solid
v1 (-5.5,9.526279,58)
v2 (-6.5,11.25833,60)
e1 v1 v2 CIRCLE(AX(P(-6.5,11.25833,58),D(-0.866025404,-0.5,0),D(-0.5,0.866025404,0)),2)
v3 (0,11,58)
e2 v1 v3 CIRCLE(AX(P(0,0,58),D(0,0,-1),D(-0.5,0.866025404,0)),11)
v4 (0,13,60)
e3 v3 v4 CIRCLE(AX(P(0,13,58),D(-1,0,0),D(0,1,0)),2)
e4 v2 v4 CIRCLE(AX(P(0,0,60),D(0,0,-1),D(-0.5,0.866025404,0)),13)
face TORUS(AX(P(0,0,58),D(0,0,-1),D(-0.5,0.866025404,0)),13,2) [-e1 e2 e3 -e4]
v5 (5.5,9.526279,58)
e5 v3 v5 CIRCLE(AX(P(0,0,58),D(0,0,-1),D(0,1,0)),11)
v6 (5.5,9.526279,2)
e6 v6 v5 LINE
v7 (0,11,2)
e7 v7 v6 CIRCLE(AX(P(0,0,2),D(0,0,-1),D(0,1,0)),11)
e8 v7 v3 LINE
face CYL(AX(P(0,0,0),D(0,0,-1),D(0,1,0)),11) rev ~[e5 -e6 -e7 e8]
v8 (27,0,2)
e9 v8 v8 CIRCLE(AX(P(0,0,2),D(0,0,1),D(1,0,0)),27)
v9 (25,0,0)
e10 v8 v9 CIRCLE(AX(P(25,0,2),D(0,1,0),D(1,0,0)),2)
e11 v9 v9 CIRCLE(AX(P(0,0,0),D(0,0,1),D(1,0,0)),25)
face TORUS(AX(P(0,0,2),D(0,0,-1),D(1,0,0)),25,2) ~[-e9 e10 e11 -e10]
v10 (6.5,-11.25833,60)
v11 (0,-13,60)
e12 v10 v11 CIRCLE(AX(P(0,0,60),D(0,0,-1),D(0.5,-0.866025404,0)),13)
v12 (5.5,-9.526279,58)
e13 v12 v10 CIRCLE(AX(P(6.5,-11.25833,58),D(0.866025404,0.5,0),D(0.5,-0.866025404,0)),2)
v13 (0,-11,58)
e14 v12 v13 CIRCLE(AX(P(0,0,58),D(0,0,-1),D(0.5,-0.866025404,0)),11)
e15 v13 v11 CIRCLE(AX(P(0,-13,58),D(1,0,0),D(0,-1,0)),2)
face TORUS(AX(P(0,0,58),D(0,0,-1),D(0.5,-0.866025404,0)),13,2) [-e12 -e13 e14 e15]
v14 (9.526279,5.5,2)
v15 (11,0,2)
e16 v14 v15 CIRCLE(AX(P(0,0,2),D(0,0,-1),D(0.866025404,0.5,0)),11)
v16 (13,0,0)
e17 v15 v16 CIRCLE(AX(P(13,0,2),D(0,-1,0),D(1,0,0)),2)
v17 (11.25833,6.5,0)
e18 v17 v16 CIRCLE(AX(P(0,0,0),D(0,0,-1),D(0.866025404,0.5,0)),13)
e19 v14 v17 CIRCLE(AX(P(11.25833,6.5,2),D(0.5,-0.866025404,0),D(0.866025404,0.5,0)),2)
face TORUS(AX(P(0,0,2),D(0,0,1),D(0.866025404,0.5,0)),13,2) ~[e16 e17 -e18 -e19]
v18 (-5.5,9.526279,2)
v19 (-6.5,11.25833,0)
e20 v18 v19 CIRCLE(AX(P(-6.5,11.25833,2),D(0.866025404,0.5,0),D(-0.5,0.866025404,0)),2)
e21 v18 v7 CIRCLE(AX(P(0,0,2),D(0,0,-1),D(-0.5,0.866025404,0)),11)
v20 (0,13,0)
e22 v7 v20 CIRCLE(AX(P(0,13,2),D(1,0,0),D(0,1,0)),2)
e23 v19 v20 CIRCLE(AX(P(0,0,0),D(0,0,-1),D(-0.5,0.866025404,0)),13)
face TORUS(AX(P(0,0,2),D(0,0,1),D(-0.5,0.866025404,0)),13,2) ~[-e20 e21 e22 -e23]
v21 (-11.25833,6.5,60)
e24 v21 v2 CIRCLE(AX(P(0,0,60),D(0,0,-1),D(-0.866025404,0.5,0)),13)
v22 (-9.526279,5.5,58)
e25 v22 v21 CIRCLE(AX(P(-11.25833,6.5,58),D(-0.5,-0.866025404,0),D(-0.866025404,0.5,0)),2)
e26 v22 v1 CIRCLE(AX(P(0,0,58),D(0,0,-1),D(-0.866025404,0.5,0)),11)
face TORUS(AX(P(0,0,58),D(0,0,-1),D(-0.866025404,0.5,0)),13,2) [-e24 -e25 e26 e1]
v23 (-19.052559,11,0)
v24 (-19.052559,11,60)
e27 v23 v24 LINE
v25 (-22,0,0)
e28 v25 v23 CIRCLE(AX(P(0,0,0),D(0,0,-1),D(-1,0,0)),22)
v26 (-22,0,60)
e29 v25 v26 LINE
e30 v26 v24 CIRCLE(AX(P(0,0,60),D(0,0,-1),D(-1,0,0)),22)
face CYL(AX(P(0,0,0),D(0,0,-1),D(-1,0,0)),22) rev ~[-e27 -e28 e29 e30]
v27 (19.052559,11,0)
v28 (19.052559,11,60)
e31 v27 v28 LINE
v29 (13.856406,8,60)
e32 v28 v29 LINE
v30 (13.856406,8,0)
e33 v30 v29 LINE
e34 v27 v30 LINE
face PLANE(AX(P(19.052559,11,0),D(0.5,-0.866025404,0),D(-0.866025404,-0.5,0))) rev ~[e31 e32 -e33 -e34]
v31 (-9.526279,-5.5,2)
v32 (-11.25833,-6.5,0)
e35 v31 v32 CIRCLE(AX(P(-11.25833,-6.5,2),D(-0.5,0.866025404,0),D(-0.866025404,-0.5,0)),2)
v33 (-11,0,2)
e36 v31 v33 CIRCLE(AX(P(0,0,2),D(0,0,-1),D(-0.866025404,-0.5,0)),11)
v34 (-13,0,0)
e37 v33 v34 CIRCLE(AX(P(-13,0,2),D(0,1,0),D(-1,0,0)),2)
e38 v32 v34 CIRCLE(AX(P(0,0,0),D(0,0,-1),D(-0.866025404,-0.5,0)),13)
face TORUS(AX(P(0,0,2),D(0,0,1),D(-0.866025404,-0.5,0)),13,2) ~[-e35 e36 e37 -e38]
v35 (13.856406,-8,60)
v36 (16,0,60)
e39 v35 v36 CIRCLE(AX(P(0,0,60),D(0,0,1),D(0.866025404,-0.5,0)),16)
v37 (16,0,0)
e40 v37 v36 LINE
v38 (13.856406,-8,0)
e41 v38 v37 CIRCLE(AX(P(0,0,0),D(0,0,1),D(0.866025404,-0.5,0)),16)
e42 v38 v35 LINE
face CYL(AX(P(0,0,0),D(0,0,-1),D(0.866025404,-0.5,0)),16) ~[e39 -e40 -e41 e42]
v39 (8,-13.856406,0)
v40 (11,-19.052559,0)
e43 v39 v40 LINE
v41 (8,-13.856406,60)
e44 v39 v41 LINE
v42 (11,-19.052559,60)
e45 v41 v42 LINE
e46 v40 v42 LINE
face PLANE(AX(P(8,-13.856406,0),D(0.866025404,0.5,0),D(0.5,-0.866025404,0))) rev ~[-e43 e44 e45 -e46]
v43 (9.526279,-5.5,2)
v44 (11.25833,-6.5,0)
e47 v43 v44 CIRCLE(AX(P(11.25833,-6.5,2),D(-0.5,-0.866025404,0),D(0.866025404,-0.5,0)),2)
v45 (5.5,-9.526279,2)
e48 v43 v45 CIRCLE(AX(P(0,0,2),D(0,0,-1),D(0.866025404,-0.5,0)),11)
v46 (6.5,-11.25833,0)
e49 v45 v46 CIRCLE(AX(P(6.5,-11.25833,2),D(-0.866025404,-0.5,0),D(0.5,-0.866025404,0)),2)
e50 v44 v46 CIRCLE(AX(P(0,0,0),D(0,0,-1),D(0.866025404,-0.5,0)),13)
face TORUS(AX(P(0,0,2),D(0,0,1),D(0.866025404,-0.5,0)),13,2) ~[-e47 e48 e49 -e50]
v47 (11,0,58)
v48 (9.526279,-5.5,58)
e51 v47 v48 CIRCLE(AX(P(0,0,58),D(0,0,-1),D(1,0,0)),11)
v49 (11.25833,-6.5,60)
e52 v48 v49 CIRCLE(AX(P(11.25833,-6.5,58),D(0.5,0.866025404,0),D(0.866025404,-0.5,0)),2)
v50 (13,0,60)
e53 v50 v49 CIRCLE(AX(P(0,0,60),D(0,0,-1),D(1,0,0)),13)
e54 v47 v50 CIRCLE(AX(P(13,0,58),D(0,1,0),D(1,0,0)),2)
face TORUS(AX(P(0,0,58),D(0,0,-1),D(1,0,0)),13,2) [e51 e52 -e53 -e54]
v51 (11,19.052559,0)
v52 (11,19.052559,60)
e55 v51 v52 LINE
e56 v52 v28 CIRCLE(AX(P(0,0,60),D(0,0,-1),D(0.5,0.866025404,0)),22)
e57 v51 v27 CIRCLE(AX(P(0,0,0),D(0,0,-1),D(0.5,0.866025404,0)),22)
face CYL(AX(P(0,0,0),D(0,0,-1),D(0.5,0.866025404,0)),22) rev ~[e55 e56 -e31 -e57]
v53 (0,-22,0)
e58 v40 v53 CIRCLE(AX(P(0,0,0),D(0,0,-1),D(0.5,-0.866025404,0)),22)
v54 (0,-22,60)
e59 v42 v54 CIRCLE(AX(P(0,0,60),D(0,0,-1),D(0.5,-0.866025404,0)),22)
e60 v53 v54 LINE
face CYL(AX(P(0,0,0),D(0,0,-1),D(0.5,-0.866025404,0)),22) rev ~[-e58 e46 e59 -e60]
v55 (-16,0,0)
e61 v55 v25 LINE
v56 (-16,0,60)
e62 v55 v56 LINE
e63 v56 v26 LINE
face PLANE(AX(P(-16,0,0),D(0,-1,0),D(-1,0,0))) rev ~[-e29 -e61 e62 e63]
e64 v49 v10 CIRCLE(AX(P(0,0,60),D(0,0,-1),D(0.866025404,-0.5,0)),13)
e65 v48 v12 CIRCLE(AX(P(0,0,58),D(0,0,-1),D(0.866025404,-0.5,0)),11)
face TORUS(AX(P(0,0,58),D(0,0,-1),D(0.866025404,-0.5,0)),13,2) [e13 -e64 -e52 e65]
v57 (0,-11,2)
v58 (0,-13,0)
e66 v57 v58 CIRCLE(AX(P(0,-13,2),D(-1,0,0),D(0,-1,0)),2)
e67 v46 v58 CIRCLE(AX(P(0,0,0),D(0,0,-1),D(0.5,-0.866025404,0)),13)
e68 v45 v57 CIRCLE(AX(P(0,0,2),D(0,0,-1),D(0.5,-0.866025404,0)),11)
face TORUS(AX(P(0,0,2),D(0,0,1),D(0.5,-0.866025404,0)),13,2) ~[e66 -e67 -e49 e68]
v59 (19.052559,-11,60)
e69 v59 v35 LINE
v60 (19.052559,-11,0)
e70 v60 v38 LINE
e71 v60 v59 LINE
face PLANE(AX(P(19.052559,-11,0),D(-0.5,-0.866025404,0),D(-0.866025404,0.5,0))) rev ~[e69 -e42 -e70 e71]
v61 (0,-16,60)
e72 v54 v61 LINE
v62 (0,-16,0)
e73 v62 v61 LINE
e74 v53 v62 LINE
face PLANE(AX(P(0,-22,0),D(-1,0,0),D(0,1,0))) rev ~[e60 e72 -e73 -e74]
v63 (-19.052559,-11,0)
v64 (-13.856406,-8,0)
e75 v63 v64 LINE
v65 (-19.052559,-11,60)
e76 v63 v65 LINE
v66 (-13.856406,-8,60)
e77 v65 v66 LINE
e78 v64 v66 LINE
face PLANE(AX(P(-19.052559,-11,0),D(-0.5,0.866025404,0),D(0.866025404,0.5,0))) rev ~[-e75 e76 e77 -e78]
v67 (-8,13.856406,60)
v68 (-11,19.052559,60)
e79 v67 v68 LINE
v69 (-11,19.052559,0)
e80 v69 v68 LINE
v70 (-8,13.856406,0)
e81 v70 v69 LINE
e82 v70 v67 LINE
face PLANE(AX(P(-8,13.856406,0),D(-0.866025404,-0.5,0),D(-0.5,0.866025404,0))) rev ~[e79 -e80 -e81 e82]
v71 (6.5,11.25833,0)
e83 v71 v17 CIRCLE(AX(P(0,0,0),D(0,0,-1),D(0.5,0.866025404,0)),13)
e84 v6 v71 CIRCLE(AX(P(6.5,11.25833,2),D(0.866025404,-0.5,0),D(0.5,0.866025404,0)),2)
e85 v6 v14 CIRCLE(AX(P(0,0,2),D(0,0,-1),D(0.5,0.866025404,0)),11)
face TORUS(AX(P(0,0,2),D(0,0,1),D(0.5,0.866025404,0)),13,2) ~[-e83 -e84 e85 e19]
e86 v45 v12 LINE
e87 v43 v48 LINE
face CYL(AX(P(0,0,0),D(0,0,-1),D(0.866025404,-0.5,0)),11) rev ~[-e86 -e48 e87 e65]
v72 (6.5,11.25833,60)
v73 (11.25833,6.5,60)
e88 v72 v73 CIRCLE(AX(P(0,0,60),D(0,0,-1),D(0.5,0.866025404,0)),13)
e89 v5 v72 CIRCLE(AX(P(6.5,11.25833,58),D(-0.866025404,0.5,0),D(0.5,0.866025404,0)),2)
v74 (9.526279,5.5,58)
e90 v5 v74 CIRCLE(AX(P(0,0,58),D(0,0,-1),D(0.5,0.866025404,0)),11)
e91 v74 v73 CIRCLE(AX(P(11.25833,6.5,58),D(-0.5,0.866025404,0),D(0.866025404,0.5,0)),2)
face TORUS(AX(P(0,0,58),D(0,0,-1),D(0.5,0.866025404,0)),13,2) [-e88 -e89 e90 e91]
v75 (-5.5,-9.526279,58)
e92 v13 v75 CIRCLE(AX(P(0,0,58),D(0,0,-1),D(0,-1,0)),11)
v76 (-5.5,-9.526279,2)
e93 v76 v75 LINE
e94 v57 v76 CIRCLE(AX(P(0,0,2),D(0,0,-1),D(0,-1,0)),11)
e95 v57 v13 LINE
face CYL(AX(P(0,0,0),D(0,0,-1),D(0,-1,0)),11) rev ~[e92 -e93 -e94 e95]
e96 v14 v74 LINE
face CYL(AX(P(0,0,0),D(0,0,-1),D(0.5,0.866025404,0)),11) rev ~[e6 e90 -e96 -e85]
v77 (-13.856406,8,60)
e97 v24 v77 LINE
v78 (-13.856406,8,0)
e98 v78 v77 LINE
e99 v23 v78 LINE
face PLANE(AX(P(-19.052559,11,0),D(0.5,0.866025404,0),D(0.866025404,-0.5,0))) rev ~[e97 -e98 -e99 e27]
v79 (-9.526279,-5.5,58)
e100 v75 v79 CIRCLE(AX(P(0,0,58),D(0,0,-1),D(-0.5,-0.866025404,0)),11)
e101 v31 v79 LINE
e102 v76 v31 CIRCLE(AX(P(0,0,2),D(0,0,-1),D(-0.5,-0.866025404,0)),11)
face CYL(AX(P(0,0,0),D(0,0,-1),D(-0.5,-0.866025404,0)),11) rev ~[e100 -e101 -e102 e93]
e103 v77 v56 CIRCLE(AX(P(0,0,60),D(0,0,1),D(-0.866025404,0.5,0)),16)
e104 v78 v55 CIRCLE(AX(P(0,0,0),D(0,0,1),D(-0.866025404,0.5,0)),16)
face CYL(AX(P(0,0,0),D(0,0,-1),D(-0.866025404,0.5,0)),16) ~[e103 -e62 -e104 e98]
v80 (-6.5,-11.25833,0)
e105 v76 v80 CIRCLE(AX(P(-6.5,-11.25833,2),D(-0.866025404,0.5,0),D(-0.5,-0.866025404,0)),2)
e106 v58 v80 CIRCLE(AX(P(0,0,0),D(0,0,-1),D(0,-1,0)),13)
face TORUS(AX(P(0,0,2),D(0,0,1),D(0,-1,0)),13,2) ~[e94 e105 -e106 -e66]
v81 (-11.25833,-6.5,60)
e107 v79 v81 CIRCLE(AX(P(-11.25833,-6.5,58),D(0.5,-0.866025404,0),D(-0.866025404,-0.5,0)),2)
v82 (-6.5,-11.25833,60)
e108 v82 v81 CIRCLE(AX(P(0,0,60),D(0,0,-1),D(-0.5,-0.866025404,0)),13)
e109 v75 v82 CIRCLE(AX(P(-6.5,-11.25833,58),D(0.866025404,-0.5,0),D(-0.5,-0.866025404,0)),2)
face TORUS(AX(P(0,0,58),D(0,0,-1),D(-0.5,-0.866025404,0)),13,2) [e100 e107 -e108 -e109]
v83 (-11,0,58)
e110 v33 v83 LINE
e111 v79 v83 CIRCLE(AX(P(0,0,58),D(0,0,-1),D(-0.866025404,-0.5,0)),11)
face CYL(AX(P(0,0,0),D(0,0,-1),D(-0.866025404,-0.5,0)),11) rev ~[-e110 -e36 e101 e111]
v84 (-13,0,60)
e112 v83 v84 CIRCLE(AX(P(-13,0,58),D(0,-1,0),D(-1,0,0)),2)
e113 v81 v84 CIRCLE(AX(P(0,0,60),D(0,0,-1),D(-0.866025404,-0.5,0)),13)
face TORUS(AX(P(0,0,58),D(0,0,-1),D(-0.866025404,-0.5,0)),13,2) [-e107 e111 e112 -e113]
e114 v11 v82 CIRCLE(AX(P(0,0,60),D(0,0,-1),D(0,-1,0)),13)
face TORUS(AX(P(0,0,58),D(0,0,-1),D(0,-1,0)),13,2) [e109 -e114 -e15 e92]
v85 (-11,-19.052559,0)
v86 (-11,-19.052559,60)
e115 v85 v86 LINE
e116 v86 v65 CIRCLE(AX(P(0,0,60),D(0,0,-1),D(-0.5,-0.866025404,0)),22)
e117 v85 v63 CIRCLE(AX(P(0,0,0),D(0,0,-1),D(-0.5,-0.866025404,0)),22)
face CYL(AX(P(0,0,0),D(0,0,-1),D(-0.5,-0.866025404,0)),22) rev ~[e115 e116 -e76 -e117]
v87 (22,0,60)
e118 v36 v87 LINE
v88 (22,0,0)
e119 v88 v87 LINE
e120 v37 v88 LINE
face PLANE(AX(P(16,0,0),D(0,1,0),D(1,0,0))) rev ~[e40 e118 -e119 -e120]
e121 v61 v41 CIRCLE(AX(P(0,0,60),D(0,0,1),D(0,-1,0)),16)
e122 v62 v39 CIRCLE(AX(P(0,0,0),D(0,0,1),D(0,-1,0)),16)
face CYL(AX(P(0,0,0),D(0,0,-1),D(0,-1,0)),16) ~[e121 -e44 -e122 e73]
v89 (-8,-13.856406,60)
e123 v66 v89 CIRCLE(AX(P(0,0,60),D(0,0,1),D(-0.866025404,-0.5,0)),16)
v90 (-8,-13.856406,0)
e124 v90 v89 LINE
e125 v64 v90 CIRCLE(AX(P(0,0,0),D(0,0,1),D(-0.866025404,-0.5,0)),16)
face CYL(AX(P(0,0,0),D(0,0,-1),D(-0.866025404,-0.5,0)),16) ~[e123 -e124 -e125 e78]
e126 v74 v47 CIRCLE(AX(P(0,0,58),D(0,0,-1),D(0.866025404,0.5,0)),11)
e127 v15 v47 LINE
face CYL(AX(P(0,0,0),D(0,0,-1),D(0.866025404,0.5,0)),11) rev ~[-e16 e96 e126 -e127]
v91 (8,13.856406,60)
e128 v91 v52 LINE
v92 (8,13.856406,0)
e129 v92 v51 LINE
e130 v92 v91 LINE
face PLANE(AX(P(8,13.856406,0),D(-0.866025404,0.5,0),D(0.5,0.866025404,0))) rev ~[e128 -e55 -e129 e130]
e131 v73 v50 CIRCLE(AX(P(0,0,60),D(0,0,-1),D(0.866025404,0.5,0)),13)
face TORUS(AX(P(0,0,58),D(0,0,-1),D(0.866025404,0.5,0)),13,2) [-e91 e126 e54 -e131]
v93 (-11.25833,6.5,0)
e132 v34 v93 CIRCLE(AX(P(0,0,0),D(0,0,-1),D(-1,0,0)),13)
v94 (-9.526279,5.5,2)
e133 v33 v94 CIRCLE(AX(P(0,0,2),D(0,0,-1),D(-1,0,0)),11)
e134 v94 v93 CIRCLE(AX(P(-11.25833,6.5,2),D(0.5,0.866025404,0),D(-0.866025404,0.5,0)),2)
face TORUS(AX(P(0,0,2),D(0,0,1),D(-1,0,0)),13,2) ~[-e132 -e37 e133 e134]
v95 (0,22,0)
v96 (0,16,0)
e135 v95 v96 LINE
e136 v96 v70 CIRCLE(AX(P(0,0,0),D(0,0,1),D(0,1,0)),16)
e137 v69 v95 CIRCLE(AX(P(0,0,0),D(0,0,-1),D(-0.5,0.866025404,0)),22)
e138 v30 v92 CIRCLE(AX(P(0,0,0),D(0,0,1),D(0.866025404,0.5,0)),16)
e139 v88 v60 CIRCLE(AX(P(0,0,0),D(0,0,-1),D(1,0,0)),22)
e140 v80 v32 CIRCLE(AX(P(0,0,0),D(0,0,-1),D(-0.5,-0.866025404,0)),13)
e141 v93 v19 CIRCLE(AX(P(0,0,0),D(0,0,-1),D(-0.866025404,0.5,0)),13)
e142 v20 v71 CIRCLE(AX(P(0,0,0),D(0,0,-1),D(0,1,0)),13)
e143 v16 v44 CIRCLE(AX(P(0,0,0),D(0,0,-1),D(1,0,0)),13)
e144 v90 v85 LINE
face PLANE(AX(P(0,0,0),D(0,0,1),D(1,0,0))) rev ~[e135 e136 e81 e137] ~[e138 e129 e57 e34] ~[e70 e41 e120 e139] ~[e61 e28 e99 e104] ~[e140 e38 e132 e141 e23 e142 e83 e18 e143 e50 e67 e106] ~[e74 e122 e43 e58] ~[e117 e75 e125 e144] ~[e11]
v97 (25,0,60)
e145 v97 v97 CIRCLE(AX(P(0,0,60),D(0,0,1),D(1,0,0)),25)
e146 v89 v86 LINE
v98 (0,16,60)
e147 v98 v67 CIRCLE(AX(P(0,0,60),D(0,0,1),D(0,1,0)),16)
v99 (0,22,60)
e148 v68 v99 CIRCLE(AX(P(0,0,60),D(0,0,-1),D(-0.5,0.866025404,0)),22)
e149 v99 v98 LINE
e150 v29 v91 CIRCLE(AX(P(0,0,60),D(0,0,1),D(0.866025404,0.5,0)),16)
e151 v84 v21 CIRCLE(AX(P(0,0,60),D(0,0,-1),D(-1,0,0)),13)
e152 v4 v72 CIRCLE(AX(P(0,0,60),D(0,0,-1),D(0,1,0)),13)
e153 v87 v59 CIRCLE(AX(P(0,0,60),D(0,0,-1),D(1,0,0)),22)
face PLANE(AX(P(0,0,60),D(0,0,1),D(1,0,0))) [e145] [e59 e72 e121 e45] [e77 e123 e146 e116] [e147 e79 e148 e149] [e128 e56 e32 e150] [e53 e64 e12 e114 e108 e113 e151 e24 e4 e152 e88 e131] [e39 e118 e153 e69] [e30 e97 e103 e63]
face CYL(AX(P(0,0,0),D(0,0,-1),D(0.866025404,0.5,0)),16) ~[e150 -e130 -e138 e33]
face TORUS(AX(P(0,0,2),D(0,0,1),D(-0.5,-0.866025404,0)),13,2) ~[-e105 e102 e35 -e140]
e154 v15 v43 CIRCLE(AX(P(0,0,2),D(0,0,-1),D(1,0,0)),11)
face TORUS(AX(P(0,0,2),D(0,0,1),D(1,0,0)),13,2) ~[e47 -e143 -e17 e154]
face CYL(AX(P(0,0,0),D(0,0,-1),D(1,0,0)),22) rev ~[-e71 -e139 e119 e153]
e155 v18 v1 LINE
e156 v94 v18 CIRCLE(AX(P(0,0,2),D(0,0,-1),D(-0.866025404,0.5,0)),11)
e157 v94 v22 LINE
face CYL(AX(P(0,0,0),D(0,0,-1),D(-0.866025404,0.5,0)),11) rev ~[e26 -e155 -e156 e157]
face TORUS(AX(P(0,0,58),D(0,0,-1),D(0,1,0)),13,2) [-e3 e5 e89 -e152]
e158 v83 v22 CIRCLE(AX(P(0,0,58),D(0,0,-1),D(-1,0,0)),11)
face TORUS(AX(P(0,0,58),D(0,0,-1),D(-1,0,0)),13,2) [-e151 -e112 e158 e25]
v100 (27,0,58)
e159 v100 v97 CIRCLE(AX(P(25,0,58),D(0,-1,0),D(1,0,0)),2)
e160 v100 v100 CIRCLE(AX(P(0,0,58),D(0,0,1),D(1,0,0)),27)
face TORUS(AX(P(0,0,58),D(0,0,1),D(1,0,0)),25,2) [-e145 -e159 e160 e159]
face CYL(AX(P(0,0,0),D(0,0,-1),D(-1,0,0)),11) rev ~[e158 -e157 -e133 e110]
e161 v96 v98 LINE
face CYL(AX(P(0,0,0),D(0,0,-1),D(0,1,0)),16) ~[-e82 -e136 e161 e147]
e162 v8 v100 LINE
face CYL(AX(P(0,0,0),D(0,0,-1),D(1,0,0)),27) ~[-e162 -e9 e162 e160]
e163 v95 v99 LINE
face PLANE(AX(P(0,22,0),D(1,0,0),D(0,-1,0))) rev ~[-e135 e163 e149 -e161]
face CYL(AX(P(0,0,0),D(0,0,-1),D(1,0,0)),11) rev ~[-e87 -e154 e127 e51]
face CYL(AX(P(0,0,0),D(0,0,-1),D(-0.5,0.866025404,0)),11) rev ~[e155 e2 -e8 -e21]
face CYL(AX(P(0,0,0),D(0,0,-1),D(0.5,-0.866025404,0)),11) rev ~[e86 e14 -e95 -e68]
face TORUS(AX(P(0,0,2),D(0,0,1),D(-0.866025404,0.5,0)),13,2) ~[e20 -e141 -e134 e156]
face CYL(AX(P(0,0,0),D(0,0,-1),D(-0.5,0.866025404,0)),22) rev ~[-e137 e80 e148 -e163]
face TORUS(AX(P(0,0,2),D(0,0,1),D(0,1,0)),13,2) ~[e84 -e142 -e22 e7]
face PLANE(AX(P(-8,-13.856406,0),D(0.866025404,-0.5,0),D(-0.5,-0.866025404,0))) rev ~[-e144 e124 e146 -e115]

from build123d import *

# Parameters (mm, degrees)
F0_R     = 27
F1_DEPTH = 60
F2_R     = 2


with BuildPart() as f1:
    # F0 (on Top) → F1 (new body)
    with BuildSketch(Plane.XY):
        Circle(F0_R)
        with BuildLine():
            Line((-19.05255878, -10.9999999404), (-13.8564064606, -8))
            ThreePointArc((-13.8564064606, -8), (-11.313708499, -11.313708499), (-8, -13.8564064606))
            Line((-8, -13.8564064606), (-10.9999999404, -19.05255878))
            ThreePointArc((-10.9999999404, -19.05255878), (-15.5563491018, -15.5563491018), (-19.05255878, -10.9999999404))
        make_face(mode=Mode.SUBTRACT)
        with BuildLine():
            Line((0, -21.9999998808), (0, -16))
            ThreePointArc((0, -16), (4.1411047216, -15.4548132206), (8, -13.8564064606))
            Line((8, -13.8564064606), (10.9999999404, -19.05255878))
            ThreePointArc((10.9999999404, -19.05255878), (5.6940189614, -21.2503680632), (0, -21.9999998808))
        make_face(mode=Mode.SUBTRACT)
        with BuildLine():
            Line((16, 0), (21.9999998808, 0))
            ThreePointArc((21.9999998808, 0), (21.2503680632, -5.6940189614), (19.05255878, -10.9999999404))
            Line((19.05255878, -10.9999999404), (13.8564064606, -8))
            ThreePointArc((13.8564064606, -8), (15.4548132206, -4.1411047216), (16, 0))
        make_face(mode=Mode.SUBTRACT)
        with BuildLine():
            Line((-19.05255878, 10.9999999404), (-13.8564064606, 8))
            ThreePointArc((-13.8564064606, 8), (-15.4548132206, 4.1411047216), (-16, 0))
            Line((-16, 0), (-21.9999998808, 0))
            ThreePointArc((-21.9999998808, 0), (-21.2503680632, 5.6940189614), (-19.05255878, 10.9999999404))
        make_face(mode=Mode.SUBTRACT)
        with BuildLine():
            Line((0, 21.9999998808), (0, 16))
            ThreePointArc((0, 16), (-4.1411047216, 15.4548132206), (-8, 13.8564064606))
            Line((-8, 13.8564064606), (-10.9999999404, 19.05255878))
            ThreePointArc((-10.9999999404, 19.05255878), (-5.6940189614, 21.2503680632), (0, 21.9999998808))
        make_face(mode=Mode.SUBTRACT)
        with BuildLine():
            ThreePointArc((9.5262794416, 5.5), (10.6251840892, 2.8470094961), (11, 0))
            ThreePointArc((11, 0), (10.6251840892, -2.8470094961), (9.5262794416, -5.5))
            ThreePointArc((9.5262794416, -5.5), (7.7781745931, -7.7781745931), (5.5, -9.5262794416))
            ThreePointArc((5.5, -9.5262794416), (2.8470094961, -10.6251840892), (0, -11))
            ThreePointArc((0, -11), (-2.8470094961, -10.6251840892), (-5.5, -9.5262794416))
            ThreePointArc((-5.5, -9.5262794416), (-7.7781745931, -7.7781745931), (-9.5262794416, -5.5))
            ThreePointArc((-9.5262794416, -5.5), (-10.6251840892, -2.8470094961), (-11, 0))
            ThreePointArc((-11, 0), (-10.6251840892, 2.8470094961), (-9.5262794416, 5.5))
            ThreePointArc((-9.5262794416, 5.5), (-7.7781745931, 7.7781745931), (-5.5, 9.5262794416))
            ThreePointArc((-5.5, 9.5262794416), (-2.8470094961, 10.6251840892), (0, 11))
            ThreePointArc((0, 11), (2.8470094961, 10.6251840892), (5.5, 9.5262794416))
            ThreePointArc((5.5, 9.5262794416), (7.7781745931, 7.7781745931), (9.5262794416, 5.5))
        make_face(mode=Mode.SUBTRACT)
        with BuildLine():
            Line((19.05255878, 10.9999999404), (13.8564064606, 8))
            ThreePointArc((13.8564064606, 8), (11.313708499, 11.313708499), (8, 13.8564064606))
            Line((8, 13.8564064606), (10.9999999404, 19.05255878))
            ThreePointArc((10.9999999404, 19.05255878), (15.5563491018, 15.5563491018), (19.05255878, 10.9999999404))
        make_face(mode=Mode.SUBTRACT)
    extrude(amount=F1_DEPTH)

    # F2
    f2_edges = [f1.edges().sort_by_distance(p)[0] for p in [
        (-27, 0, 60),
        (-5.5, 9.526279, 60),
        (-27, 0, 0),
        (-5.5, 9.526279, 0),
    ]]
    fillet(f2_edges, radius=F2_R)


solid = f1.part
